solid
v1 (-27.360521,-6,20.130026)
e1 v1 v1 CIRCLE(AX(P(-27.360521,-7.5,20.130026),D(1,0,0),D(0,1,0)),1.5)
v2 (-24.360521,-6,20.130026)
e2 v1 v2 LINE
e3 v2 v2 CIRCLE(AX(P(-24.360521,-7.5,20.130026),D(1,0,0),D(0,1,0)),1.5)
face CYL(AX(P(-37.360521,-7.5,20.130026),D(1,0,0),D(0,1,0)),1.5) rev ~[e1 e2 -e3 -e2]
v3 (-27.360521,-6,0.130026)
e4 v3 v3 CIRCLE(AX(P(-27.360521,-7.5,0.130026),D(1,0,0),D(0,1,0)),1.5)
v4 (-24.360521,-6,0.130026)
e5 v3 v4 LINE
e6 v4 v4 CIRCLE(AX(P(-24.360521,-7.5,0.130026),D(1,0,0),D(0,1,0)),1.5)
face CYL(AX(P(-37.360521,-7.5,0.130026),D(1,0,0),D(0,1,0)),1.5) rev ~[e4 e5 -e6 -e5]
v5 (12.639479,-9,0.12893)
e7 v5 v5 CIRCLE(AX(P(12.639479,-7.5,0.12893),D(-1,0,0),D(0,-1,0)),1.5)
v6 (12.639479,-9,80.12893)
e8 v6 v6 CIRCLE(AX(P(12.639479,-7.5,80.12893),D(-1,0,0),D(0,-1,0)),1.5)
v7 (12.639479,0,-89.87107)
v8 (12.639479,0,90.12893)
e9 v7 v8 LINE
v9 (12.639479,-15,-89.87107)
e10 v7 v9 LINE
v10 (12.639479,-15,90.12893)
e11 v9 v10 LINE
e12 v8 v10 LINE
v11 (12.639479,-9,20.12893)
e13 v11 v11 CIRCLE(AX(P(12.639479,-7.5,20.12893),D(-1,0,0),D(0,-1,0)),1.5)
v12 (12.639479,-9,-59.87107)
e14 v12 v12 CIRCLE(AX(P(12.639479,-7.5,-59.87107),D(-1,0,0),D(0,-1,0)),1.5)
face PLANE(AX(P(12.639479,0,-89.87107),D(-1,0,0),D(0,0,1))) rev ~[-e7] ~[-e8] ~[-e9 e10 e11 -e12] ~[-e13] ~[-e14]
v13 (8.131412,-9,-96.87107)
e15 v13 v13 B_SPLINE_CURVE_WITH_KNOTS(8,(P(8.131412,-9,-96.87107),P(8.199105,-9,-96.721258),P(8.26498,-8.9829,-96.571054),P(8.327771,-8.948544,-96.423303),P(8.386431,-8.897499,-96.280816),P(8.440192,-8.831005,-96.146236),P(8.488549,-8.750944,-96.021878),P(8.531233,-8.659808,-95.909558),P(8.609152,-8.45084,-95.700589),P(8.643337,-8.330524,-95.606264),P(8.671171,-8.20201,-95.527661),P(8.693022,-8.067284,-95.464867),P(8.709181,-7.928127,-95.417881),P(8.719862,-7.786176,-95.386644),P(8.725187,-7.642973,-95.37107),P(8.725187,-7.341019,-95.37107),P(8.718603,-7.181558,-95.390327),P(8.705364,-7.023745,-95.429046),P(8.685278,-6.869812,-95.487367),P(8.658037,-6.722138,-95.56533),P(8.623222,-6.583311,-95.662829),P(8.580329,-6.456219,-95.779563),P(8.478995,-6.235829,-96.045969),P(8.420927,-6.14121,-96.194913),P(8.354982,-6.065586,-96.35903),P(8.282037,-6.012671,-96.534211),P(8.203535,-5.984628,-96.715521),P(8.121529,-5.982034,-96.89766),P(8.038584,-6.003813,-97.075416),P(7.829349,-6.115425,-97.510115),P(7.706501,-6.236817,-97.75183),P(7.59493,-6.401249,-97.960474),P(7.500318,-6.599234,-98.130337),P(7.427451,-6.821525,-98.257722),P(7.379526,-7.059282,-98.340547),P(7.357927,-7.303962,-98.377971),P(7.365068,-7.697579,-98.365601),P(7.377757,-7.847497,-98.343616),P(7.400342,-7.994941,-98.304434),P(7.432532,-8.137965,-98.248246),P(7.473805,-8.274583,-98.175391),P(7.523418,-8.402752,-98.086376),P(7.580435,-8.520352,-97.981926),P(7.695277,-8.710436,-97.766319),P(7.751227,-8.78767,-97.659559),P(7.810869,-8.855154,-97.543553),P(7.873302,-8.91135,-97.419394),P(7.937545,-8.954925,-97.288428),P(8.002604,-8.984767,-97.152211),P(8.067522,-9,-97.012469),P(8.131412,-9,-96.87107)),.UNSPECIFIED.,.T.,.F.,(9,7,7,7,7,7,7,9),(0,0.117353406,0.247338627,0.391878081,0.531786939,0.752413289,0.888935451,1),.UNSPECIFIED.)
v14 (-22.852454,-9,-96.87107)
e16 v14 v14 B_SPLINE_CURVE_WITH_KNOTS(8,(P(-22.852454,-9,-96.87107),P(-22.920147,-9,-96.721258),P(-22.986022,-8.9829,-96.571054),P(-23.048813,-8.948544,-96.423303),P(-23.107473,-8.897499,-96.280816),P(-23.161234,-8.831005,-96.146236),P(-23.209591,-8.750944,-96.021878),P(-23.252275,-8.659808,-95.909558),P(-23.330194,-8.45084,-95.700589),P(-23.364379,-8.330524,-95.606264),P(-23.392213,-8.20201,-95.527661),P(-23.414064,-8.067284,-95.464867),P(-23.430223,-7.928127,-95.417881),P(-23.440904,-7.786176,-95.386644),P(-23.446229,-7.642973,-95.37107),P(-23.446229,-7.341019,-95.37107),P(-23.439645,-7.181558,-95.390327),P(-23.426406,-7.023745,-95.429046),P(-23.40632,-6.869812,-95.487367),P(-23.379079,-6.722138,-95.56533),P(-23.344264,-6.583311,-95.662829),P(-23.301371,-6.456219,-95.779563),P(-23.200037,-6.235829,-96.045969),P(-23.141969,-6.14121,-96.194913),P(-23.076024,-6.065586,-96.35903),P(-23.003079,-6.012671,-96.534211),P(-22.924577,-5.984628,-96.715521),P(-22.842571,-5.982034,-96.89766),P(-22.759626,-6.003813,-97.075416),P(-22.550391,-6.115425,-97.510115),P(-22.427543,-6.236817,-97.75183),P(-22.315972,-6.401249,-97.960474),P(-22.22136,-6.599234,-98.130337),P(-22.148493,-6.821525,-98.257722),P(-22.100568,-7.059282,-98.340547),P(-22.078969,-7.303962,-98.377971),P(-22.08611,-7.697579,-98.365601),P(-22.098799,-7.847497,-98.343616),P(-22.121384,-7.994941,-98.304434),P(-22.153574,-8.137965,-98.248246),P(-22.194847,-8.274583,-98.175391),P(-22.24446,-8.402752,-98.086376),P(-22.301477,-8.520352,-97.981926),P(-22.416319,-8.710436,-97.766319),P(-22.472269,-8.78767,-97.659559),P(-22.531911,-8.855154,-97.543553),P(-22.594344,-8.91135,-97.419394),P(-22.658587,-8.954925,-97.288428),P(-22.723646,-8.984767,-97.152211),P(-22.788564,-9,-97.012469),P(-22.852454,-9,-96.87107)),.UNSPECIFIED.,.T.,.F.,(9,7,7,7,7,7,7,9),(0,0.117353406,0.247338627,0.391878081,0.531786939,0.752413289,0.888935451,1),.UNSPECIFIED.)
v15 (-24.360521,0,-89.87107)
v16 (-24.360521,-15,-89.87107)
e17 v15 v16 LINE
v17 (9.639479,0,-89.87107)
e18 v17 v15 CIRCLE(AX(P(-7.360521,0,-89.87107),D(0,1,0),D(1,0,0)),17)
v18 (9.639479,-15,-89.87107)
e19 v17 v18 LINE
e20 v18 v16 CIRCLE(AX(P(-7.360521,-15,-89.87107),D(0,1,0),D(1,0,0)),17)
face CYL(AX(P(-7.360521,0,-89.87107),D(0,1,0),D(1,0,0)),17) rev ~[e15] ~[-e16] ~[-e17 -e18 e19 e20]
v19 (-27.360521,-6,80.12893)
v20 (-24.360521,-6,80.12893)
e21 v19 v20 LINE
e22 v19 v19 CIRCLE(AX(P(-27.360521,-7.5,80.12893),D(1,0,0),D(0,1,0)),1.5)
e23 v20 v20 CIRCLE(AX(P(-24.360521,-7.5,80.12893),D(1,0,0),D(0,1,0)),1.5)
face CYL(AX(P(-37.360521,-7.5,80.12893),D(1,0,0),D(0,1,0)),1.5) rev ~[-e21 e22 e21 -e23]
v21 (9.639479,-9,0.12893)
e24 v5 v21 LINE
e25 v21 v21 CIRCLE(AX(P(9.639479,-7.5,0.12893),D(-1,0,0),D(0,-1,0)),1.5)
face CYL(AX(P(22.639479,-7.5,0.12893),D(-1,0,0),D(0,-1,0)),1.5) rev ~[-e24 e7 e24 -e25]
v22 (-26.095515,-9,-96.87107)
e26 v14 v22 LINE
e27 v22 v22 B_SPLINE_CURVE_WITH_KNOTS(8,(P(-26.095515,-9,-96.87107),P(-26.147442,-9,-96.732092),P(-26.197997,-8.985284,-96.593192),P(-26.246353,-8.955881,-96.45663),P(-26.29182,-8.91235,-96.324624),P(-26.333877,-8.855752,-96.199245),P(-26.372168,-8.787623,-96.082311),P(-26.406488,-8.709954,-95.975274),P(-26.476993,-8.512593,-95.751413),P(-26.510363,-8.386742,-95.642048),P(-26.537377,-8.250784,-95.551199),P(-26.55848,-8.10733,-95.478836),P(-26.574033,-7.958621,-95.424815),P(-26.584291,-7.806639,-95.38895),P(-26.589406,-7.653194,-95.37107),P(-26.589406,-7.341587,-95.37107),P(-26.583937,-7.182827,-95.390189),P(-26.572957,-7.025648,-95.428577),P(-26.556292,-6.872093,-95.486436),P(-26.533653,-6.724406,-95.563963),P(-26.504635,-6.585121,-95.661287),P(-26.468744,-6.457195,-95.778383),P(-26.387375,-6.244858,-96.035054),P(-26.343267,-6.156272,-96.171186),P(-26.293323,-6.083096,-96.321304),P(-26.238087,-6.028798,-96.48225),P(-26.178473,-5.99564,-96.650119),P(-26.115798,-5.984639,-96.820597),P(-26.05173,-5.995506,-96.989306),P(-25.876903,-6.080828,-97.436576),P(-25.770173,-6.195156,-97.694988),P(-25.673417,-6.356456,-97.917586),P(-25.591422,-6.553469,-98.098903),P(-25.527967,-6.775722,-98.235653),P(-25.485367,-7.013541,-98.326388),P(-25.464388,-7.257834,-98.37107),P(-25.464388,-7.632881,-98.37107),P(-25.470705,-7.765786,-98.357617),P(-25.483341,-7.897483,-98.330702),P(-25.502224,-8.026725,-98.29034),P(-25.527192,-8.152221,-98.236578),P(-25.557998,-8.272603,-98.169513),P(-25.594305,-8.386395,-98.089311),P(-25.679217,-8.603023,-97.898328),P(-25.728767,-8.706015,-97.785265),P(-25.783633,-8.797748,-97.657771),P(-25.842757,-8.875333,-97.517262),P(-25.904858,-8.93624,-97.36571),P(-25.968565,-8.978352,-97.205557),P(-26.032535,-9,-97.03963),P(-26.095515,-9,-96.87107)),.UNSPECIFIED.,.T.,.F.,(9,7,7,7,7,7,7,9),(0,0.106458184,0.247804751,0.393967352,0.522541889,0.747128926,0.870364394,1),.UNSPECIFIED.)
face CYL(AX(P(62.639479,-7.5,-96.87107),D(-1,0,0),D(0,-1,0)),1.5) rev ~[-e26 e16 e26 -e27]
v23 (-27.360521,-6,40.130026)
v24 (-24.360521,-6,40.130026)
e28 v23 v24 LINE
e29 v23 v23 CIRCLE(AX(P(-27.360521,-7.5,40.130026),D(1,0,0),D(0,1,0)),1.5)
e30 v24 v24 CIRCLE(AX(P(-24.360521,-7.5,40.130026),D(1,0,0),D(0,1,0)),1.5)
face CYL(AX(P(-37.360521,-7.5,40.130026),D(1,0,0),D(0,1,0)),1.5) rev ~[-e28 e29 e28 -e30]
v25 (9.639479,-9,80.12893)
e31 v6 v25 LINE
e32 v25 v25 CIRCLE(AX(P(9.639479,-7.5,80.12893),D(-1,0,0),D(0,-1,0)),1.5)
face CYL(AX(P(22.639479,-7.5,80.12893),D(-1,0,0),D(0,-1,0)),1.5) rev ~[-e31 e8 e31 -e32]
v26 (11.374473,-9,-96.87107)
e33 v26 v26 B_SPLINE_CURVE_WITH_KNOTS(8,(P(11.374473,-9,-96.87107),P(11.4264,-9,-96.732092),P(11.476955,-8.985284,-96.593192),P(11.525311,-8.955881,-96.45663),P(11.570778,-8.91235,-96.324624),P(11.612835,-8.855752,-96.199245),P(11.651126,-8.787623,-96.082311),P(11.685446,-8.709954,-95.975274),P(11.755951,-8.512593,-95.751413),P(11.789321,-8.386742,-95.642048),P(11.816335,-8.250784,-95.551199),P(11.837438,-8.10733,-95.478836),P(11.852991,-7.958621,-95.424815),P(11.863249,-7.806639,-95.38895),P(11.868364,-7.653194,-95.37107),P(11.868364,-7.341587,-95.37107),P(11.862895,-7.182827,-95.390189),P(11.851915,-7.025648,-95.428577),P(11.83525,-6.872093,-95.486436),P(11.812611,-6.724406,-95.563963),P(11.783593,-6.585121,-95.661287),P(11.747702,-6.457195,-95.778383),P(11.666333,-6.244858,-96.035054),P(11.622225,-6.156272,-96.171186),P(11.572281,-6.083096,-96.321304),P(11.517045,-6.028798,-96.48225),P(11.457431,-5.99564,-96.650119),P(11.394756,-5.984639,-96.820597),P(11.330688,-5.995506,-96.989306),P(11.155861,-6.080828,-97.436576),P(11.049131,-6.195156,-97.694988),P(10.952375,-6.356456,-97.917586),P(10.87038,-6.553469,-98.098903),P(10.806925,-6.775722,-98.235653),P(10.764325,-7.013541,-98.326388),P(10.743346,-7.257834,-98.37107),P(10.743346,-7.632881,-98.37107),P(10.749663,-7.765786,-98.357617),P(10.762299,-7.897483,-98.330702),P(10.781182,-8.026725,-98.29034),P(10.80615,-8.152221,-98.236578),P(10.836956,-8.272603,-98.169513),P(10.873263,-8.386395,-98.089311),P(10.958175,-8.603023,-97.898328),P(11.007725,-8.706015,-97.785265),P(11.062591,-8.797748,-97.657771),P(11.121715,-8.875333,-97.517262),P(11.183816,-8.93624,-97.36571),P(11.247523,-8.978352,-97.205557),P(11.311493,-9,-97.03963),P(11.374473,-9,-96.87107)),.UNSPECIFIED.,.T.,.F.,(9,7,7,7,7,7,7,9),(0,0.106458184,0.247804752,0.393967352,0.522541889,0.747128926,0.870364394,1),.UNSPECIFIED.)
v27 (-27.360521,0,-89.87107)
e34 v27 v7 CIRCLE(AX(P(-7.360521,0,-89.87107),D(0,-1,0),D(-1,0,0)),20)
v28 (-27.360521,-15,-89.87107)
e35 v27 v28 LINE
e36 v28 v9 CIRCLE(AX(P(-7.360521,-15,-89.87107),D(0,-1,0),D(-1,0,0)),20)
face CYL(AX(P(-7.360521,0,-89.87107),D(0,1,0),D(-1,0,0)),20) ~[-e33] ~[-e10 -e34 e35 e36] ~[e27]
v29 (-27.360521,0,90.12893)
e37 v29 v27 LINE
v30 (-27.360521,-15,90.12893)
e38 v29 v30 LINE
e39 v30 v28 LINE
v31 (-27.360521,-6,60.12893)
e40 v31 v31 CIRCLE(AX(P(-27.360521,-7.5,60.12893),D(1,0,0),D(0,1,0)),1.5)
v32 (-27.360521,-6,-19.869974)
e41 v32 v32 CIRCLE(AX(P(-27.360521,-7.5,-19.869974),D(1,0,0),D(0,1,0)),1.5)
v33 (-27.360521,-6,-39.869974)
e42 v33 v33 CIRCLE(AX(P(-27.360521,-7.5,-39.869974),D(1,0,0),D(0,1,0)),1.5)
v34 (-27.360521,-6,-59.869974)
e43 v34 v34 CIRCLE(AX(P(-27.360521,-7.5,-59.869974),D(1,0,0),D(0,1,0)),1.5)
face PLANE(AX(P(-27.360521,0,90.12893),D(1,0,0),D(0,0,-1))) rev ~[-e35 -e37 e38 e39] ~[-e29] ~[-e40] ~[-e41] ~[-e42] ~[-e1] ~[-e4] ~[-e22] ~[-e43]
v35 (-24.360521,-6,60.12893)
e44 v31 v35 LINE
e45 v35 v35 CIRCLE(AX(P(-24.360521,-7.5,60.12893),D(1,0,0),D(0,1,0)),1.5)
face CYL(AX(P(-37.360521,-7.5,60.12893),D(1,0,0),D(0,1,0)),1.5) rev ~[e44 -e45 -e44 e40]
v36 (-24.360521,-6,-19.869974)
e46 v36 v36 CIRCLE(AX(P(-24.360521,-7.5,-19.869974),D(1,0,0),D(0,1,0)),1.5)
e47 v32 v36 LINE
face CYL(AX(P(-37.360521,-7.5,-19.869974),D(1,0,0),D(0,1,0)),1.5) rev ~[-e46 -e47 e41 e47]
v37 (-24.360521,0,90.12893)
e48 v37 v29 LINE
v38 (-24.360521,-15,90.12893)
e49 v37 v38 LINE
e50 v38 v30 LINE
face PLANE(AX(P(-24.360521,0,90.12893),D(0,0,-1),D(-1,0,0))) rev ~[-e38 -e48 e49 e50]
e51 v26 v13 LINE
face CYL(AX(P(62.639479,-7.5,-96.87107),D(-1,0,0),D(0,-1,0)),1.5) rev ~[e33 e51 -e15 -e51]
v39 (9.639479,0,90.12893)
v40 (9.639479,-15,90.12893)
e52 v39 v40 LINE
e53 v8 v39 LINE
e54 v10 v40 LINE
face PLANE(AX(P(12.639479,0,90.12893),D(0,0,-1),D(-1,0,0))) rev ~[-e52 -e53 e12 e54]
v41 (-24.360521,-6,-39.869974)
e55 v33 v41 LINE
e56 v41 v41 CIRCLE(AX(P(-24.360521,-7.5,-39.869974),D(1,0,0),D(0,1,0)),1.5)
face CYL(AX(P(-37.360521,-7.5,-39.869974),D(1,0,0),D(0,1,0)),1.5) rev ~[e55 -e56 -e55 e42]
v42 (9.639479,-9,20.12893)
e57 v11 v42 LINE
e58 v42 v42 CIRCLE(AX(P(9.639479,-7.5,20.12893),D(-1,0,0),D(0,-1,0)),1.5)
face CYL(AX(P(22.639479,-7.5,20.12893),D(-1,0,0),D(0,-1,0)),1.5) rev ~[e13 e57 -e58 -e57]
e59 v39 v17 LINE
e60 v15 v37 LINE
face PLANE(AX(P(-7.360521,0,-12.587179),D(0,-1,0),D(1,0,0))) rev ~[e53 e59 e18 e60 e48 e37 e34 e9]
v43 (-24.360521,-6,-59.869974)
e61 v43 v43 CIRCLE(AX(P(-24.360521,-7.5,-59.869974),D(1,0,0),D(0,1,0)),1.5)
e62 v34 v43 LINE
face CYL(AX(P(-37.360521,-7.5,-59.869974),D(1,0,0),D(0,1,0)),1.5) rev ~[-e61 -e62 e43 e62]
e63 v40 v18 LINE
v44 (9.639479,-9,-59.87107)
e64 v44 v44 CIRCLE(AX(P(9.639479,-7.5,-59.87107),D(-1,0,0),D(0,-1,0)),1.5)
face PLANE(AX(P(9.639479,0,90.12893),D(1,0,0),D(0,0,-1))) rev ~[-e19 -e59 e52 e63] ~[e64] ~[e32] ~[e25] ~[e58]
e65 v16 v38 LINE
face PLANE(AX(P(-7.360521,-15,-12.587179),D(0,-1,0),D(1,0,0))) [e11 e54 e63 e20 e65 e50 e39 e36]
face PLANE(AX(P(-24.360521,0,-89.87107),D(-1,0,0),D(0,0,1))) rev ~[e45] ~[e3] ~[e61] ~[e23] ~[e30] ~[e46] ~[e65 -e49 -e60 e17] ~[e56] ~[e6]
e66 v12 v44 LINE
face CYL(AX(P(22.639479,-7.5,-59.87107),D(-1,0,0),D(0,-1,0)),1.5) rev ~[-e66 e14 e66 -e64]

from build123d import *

# Parameters (mm, degrees)
F1_DEPTH = 15
F3_D     = 3
F3_DEPTH = 10
F5_D     = 3
F5_DEPTH = 10
F7_D     = 3
F7_DEPTH = 50


with BuildPart() as f1:
    # F0 (on Front) → F1 (new body)
    with BuildSketch(Plane.XZ):
        with BuildLine():
            Line((-27.360521, 90.12893), (-27.360521, -89.87107))
            ThreePointArc((-27.360521, -89.87107), (-7.360521, -109.87107), (12.639479, -89.87107))
            Line((12.639479, -89.87107), (12.639479, 90.12893))
            Line((12.639479, 90.12893), (9.639479, 90.12893))
            Line((9.639479, 90.12893), (9.639479, -89.87107))
            ThreePointArc((9.639479, -89.87107), (-7.360521, -106.87107), (-24.360521, -89.87107))
            Line((-24.360521, -89.87107), (-24.360521, 90.12893))
            Line((-24.360521, 90.12893), (-27.360521, 90.12893))
        make_face()
    extrude(amount=F1_DEPTH)

    # F3
    with Locations(Plane(origin=(-27.360521, 0, 0), x_dir=(0, -1, 0), z_dir=(-1, 0, 0))):
        with Locations((7.5, 80.12893), (7.5, 20.130026), (7.5, 0.130026), (7.5, -59.869974), (7.5, 60.12893), (7.5, 40.130026), (7.5, -19.869974), (7.5, -39.869974)):
            Hole(F3_D / 2, depth=F3_DEPTH)

    # F5
    with Locations(Plane.YZ.offset(12.639479)):
        with Locations((-7.5, 80.12893), (-7.5, 20.12893), (-7.5, 0.12893), (-7.5, -59.87107)):
            Hole(F5_D / 2, depth=F5_DEPTH)

    # F7
    with Locations(Plane.YZ.offset(12.639479)):
        with Locations((-7.5, -96.87107)):
            Hole(F7_D / 2, depth=F7_DEPTH)


solid = f1.part
